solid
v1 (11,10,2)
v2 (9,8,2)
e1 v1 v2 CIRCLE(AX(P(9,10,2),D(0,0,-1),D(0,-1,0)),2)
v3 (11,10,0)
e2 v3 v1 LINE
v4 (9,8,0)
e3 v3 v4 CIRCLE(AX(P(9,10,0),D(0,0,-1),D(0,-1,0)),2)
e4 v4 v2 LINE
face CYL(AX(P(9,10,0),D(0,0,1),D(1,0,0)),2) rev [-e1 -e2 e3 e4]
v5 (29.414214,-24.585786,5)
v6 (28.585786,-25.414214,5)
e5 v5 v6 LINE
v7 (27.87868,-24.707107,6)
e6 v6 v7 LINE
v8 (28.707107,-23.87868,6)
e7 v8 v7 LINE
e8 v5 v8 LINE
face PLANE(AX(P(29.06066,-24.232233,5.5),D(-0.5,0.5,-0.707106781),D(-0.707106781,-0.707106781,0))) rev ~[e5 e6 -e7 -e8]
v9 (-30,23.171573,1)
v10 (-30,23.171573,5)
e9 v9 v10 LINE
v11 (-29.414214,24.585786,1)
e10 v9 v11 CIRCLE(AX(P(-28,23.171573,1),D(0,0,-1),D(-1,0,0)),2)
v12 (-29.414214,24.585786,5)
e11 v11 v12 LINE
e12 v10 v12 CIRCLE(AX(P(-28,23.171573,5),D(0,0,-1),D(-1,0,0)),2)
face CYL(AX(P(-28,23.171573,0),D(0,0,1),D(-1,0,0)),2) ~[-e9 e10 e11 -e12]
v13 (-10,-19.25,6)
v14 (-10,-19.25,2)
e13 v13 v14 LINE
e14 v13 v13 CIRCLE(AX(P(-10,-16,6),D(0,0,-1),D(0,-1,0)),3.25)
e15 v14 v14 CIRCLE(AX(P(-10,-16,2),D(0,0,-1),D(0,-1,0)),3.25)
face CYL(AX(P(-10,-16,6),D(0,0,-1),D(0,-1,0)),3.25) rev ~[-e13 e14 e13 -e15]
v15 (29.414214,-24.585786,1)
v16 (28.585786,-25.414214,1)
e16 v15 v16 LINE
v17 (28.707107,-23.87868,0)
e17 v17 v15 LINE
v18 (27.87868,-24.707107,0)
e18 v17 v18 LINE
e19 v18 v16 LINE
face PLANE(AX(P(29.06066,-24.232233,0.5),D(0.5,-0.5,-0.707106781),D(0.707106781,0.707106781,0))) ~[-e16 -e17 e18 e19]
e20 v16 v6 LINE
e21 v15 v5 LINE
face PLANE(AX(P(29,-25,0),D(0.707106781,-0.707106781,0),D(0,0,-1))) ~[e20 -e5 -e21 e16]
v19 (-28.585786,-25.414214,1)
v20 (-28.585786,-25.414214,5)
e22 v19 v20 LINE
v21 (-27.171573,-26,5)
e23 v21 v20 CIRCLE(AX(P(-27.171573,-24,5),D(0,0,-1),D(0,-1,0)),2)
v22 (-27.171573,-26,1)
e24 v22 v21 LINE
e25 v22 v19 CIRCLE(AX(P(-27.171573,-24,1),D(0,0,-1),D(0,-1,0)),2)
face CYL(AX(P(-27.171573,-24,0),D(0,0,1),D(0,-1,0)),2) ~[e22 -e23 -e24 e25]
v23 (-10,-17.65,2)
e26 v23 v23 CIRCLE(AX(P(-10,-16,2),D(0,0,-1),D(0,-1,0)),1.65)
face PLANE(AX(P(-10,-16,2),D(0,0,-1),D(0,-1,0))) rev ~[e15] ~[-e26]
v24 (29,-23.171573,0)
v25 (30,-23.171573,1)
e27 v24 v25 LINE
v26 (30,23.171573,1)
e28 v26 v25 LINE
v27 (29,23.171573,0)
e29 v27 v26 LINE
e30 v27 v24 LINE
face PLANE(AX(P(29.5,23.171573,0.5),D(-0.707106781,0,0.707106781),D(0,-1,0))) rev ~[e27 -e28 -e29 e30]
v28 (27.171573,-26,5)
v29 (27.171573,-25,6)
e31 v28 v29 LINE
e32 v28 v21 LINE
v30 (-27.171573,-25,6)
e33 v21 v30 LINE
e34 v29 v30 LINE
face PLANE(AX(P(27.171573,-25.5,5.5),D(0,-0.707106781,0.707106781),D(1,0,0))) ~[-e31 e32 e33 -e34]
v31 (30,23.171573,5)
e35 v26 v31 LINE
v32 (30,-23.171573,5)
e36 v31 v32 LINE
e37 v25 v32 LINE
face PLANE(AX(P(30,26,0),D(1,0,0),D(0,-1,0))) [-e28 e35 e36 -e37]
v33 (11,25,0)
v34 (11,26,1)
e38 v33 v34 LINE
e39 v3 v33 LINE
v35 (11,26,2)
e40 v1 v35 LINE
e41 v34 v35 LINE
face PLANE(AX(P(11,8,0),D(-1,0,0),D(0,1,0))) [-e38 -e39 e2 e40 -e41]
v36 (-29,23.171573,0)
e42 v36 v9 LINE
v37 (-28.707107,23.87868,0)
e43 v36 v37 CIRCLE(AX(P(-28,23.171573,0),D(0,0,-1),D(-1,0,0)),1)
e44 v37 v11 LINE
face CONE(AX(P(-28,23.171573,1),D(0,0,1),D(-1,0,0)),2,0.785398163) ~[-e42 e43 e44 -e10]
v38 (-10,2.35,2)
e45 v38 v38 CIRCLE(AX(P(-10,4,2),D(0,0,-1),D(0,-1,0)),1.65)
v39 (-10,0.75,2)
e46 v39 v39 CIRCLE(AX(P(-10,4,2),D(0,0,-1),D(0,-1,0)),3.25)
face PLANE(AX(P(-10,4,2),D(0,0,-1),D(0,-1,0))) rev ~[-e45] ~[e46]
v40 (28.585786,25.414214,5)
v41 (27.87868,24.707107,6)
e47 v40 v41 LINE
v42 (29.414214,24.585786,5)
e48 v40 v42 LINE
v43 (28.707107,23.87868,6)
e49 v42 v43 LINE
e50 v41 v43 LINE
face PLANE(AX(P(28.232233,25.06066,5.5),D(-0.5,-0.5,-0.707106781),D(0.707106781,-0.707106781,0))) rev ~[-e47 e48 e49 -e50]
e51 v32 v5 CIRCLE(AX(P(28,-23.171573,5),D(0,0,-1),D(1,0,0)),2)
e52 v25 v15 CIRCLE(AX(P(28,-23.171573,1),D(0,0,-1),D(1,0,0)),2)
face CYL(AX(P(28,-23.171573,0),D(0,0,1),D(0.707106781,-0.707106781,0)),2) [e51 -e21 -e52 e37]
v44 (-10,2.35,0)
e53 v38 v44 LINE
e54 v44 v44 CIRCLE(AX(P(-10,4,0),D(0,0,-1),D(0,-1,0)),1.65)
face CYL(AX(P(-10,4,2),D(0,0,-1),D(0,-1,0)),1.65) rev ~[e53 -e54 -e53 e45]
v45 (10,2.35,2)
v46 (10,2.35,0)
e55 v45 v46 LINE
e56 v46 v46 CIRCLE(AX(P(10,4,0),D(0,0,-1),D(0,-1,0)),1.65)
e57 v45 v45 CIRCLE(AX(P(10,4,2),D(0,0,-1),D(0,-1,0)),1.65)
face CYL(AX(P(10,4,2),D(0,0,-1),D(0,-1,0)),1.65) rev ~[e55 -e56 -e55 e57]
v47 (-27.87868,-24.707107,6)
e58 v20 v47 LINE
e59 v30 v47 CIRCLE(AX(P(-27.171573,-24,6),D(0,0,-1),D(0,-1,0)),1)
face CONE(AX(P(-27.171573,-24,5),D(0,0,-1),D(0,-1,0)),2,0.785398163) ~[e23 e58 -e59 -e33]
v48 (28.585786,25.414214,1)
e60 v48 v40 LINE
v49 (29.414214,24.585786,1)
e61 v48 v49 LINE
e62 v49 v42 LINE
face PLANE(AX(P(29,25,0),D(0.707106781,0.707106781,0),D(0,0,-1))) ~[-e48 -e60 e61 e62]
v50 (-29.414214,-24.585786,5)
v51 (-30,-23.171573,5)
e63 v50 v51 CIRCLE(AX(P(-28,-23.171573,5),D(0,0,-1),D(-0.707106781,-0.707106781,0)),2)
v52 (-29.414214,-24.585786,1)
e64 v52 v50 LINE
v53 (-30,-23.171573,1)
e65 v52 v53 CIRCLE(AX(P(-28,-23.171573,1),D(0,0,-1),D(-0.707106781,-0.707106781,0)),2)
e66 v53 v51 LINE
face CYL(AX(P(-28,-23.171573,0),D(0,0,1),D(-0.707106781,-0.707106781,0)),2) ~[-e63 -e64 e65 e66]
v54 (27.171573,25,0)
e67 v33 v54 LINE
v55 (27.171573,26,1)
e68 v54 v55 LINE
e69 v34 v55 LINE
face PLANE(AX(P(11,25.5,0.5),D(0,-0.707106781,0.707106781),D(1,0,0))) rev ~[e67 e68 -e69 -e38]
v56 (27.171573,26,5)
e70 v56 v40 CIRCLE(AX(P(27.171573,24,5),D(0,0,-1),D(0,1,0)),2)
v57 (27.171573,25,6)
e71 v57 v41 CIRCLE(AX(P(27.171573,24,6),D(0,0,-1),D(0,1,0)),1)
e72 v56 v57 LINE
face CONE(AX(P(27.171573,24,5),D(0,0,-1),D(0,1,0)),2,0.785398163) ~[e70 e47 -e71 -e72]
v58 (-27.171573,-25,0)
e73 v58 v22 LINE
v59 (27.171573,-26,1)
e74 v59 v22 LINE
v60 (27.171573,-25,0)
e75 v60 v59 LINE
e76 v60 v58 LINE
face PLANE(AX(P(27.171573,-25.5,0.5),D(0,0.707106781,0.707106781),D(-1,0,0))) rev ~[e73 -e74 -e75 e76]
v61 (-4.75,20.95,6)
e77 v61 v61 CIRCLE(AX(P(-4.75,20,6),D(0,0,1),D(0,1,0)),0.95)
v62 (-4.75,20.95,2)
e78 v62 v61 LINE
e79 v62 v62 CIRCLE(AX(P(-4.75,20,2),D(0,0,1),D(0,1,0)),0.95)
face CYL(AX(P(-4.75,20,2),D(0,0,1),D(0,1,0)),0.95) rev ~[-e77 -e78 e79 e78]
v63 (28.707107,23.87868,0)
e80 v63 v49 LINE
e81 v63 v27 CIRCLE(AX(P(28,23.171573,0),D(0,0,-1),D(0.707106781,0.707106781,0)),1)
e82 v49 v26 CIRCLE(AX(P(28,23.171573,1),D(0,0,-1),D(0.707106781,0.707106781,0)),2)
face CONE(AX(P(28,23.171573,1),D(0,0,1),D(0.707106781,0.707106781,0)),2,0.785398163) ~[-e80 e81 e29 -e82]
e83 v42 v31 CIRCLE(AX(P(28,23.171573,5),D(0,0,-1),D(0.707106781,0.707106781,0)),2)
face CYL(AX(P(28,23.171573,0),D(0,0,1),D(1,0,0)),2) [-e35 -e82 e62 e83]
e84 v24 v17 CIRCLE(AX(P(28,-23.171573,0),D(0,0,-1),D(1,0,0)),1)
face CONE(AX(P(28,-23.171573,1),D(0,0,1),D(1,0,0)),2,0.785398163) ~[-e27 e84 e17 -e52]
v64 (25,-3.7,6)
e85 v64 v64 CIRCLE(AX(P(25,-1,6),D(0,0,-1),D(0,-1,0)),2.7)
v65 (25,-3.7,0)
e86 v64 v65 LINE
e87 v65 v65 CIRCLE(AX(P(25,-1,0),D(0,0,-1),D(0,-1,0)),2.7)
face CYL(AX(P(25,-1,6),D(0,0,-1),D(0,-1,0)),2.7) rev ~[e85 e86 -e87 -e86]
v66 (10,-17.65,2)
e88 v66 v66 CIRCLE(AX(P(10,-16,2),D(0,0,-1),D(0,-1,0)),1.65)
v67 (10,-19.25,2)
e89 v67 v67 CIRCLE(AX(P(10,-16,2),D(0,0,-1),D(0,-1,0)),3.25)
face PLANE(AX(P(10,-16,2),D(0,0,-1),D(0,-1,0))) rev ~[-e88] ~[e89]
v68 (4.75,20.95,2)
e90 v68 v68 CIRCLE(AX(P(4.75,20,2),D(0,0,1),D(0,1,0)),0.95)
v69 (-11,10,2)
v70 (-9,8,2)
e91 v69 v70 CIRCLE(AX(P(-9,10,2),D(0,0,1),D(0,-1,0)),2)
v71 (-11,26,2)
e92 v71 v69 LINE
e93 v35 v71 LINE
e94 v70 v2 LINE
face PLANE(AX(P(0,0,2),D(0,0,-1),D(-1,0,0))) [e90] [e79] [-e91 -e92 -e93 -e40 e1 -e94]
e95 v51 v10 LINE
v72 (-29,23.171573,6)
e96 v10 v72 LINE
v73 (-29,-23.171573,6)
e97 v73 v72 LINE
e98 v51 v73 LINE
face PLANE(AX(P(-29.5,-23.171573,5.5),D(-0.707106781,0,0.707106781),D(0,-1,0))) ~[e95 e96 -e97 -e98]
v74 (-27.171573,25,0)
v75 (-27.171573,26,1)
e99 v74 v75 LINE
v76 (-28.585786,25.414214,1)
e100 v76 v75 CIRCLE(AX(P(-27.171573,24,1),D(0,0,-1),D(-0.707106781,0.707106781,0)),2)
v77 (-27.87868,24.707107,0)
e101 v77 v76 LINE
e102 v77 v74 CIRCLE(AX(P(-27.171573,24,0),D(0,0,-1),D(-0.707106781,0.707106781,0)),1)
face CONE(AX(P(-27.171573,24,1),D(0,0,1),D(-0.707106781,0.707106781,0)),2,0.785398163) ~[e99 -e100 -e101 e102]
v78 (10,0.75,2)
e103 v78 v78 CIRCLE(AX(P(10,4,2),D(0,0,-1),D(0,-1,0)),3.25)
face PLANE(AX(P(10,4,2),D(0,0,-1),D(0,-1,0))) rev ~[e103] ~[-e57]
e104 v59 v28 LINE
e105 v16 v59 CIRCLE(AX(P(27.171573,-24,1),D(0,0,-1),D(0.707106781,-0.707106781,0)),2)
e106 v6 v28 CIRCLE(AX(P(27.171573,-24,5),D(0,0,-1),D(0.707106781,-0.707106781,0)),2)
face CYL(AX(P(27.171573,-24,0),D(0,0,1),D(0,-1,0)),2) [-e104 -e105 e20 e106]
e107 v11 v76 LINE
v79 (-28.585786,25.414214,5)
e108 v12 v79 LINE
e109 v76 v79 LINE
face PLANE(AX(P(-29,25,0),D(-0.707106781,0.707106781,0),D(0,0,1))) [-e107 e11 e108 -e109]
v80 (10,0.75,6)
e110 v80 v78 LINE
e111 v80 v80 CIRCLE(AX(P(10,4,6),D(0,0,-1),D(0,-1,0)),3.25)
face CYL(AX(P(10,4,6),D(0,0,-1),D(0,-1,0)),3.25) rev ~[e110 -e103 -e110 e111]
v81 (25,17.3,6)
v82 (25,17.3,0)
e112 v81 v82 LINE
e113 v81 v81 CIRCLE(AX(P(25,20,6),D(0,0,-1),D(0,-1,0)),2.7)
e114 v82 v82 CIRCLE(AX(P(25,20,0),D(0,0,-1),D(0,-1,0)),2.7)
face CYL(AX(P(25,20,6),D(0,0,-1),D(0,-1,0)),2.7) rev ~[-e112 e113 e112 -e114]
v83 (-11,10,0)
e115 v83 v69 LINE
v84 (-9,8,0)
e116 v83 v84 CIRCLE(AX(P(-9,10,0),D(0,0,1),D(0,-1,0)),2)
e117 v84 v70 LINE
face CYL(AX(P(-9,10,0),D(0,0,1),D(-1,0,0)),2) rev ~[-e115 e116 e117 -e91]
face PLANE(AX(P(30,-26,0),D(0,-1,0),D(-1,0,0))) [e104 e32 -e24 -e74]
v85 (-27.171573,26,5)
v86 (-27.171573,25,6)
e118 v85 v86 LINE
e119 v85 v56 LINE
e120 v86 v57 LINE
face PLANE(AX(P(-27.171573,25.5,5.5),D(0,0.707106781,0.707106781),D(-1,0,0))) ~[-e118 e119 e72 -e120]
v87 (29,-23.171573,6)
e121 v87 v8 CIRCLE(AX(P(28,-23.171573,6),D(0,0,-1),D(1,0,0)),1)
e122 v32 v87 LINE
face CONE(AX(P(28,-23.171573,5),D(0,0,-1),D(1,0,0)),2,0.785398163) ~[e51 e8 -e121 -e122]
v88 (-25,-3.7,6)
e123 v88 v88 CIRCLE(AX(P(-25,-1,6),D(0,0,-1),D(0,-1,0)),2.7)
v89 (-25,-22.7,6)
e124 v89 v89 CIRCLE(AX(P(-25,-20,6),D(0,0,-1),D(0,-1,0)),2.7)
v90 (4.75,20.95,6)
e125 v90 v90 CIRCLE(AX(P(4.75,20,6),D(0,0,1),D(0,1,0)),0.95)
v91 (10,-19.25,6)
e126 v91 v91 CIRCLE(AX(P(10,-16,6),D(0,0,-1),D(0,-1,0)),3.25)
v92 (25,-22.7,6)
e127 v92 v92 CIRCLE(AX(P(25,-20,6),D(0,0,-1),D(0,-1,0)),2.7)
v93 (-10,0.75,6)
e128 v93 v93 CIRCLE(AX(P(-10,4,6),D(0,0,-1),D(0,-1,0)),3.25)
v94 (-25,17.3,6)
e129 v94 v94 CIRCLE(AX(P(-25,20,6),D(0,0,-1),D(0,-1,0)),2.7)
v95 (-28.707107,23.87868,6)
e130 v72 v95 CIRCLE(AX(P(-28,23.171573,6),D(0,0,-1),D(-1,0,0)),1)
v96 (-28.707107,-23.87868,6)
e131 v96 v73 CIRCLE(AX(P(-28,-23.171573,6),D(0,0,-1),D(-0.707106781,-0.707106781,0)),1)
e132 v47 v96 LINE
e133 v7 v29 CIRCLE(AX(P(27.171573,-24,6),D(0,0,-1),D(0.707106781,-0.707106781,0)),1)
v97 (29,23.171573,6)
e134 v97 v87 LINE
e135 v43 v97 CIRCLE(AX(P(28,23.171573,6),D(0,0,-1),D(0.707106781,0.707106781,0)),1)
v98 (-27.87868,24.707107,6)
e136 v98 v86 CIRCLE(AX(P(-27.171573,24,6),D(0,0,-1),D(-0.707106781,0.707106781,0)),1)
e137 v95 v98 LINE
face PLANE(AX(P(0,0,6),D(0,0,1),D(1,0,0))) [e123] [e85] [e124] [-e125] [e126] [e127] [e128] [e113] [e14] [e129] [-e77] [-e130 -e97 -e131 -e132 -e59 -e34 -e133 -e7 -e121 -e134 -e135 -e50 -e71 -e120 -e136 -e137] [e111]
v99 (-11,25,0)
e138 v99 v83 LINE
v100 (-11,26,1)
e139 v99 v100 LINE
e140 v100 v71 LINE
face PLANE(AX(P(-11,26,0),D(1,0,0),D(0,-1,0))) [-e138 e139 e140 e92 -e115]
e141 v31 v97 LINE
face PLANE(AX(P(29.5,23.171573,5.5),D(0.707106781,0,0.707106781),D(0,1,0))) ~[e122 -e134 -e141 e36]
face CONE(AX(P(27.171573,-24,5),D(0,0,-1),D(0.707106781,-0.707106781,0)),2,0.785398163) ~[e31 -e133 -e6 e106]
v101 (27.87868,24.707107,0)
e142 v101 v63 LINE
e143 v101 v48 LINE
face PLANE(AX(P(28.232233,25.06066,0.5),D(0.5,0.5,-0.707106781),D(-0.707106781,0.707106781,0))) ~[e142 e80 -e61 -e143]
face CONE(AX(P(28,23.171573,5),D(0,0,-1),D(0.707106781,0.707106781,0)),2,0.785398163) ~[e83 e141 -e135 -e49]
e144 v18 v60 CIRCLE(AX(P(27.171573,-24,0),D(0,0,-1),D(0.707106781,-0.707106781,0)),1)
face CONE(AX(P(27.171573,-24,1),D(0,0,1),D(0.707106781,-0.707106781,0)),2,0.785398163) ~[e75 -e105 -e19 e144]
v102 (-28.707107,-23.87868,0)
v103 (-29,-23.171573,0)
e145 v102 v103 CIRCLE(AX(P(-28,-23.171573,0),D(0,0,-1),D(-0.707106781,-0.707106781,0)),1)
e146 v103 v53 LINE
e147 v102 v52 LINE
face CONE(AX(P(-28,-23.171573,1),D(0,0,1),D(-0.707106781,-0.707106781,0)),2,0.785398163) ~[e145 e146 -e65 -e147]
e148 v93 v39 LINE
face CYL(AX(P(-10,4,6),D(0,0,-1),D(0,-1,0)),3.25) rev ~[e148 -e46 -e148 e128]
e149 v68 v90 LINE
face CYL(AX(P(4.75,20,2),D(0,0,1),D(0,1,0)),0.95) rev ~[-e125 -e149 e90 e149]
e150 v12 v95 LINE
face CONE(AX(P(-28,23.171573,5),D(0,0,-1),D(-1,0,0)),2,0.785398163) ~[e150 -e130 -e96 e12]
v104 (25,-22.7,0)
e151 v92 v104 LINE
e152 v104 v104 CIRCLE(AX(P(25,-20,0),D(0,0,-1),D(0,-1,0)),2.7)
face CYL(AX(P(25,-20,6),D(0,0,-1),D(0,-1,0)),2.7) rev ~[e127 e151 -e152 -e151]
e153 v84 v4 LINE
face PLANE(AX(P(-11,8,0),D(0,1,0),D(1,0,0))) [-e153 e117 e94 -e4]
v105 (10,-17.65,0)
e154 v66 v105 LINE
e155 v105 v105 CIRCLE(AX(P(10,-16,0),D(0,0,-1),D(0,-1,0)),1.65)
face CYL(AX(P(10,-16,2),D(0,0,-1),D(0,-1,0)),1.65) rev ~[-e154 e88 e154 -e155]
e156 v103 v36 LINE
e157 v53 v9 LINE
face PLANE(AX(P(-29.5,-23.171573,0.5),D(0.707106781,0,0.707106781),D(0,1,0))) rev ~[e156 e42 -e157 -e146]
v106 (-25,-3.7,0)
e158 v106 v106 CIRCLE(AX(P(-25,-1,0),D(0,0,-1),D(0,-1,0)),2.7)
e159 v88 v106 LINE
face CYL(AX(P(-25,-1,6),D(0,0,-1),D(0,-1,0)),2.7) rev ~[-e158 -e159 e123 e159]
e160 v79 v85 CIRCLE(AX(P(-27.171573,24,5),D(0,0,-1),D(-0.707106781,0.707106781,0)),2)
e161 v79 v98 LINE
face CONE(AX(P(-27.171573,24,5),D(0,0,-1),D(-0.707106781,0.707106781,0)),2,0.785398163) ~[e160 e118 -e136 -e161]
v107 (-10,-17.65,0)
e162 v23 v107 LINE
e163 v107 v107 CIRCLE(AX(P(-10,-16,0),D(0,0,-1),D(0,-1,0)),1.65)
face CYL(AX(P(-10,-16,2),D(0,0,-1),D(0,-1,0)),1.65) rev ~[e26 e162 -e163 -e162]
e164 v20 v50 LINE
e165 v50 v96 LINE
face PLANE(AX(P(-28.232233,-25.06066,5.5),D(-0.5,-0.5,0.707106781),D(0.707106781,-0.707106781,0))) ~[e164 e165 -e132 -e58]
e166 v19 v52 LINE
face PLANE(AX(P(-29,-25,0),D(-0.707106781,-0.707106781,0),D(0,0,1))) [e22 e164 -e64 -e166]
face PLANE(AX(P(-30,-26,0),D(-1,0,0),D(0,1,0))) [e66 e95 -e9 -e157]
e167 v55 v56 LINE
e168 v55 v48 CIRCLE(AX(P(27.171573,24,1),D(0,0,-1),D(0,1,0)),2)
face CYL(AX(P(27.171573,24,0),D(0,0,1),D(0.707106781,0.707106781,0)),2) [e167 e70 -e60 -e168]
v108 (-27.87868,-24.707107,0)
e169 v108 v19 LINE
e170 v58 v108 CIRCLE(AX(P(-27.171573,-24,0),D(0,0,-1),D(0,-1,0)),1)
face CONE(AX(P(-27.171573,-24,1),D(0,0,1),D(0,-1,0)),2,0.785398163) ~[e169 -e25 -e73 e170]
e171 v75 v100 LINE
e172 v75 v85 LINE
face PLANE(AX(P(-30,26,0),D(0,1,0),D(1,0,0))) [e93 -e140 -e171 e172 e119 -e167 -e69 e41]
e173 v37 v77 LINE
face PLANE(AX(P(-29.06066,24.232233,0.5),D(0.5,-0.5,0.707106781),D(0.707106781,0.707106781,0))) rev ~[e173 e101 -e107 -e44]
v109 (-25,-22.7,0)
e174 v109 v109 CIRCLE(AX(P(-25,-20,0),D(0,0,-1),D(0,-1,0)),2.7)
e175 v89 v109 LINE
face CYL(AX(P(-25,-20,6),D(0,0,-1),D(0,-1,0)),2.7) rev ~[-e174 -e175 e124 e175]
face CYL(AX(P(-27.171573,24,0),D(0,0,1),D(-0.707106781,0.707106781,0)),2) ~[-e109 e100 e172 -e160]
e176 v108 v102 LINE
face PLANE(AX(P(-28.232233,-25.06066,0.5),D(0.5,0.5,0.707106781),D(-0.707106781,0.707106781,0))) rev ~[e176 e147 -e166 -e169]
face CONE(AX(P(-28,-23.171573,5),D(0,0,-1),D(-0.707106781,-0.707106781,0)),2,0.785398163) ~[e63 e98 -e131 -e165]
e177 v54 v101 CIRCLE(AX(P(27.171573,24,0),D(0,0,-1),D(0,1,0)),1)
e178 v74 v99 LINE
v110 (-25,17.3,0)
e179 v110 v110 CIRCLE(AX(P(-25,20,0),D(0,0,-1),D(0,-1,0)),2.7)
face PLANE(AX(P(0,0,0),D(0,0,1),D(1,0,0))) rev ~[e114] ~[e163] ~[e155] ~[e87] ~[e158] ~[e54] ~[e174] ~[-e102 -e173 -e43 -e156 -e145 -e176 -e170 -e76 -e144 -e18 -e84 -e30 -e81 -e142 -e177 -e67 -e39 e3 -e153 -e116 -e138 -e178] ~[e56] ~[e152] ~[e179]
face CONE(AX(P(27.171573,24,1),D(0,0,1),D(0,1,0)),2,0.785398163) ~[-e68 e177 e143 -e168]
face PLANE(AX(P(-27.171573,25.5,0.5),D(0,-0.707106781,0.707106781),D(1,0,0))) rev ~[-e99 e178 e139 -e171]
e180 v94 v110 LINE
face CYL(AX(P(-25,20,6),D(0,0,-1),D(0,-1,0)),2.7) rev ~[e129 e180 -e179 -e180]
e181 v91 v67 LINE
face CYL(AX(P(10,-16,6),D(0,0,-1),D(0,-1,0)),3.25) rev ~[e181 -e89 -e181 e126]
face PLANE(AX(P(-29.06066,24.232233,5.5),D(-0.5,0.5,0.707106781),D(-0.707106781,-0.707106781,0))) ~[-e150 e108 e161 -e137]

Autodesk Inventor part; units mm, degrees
ref_plane "YZ Plane" through (0, 0, 0) normal (1, 0, 0) x (0, 1, 0)
ref_plane "XZ Plane" through (0, 0, 0) normal (0, 1, 0) x (-1, 0, 0)
ref_plane "XY Plane" through (0, 0, 0) normal (0, 0, 1) x (1, 0, 0)
sketch "スケッチ1" plane through (0, 0, 0) normal (0, 0, 1) x (1, 0, 0)
  line L0 (30, -26) -> (-30, -26)
  line L1 (-30, -26) -> (-30, 26)
  line L2 (-30, 26) -> (30, 26)
  line L3 (30, 26) -> (30, -26)
  line L4 (30, -26) -> (-30, 26) construction
  line L5 (-30, -26) -> (30, 26) construction
  point P0 (0, 0)
  dimension "d0" = 60
  dimension "d1" = 52
extrude "押し出し1" add sketch "スケッチ1" along normal blind 6
sketch "スケッチ2" plane through (0, 0, 6) normal (0, 0, 1) x (1, 0, 0)
  line L0 (25, -20) -> (-25, -20)
  line L1 (-25, -20) -> (-25, 20)
  line L2 (-25, 20) -> (25, 20)
  line L3 (25, 20) -> (25, -20)
  line L4 (25, -20) -> (-25, 20) construction
  line L5 (-25, -20) -> (25, 20) construction
  line L6 (-30, -26) -> (30, -26) projected
  point P0 (0, 0)
  point P1 (0, 0)
  point P2 (-25, -1)
  point P3 (25, -1)
  dimension "d4" = 50
  dimension "d5" = 40
  dimension "d6" = 6
hole "穴1" at (-25, -1, 6) at (25, -1, 6) at (25, 20, 6) at (-25, 20, 6) at (-25, -20, 6) at (25, -20, 6) direction (0, 0, -1) diameter 5.4 depth 8.8
sketch "スケッチ3" plane through (0, 0, 6) normal (0, 0, 1) x (1, 0, 0)
  line L0 (-10, -16) -> (10, -16)
  line L1 (10, -16) -> (10, 4)
  line L2 (10, 4) -> (-10, 4)
  line L3 (-10, 4) -> (-10, -16)
  line L4 (-10, -16) -> (10, 4) construction
  line L5 (10, -16) -> (-10, 4) construction
  line L6 (-30, -26) -> (30, -26) projected
  point P0 (0, 0)
  point P1 (0, -6)
  dimension "d14" = 20
  dimension "d15" = 20
  dimension "d16" = 10
hole "穴2" at (-10, -16, 6) at (-10, 4, 6) at (10, 4, 6) at (10, -16, 6) direction (0, 0, -1) diameter 3.3 depth 8.8 counterbore diameter 6.5 counterbore depth 4
sketch "スケッチ4" plane through (0, 0, 0) normal (0, 0, -1) x (-1, 0, 0)
  circle A0 centre (-10, 4) radius 1.65 projected
  circle A1 centre (10, -16) radius 1.65 projected
  circle A2 centre (10, 4) radius 1.65 projected
  circle A3 centre (-10, -16) radius 1.65 projected
  circle A4 centre (25, -20) radius 2.7 projected
  circle A5 centre (-25, 20) radius 2.7 projected
  circle A6 centre (25, -1) radius 2.7 projected
  circle A7 centre (-25, -1) radius 2.7 projected
  circle A8 centre (25, 20) radius 2.7 projected
  circle A9 centre (-25, -20) radius 2.7 projected
  line L0 (-30, -26) -> (-30, 26) projected
  line L1 (30, -26) -> (-30, -26) projected
  line L2 (30, 26) -> (30, -26) projected
  line L3 (-30, 26) -> (30, 26) projected
  line L4 (-30, 26) -> (30, 26) projected
  line L5 (-11, 26) -> (11, 26)
  line L6 (11, 26) -> (11, 8)
  line L7 (11, 8) -> (-11, 8)
  line L8 (-11, 8) -> (-11, 26)
  point P0 (0, 0)
  point P1 (11, 26)
  point P2 (-11, 26)
  dimension "d24" = 22
  dimension "d25" = 18
  dimension "d26" = 11
extrude "押し出し2" cut sketch "スケッチ4" against normal blind 2 contours L3 L6 L7 L8
chamfer "面取り1" distance 2 angle 45 4 edges at (-30, 26, 3) (-30, -26, 3) (30, -26, 3) (30, 26, 3)
fillet "フィレット1" radius 2 8 edges at (30, 24, 3) (28, 26, 3) (-28, 26, 3) (-30, 24, 3) (-30, -24, 3) (-28, -26, 3) (28, -26, 3) (30, -24, 3)
sketch "スケッチ5" plane through (0, 0, 2) normal (0, 0, -1) x (-1, 0, 0)
  line L0 (11, 26) -> (11, 8) projected
  line L1 (-11, 26) -> (11, 26) projected
  line L2 (-11, 8) -> (-11, 26) projected
  line L3 (11, 8) -> (-11, 8) projected
  point P0 (0, 0)
  point P1 (-4.75, 20)
  point P2 (4.75, 20)
  dimension "d33" = 9.5
  dimension "d34" = 4.75
  dimension "d35" = 6
hole "穴3" at (4.75, 20, 2) at (-4.75, 20, 2) direction (0, 0, 1) diameter 1.9 depth 8.8
fillet "フィレット2" radius 2 2 edges at (11, 8, 1) (-11, 8, 1)
chamfer "面取り2" distance 1 angle 45 33 edges at (19.0858, 26, 0) (27.9369, 25.8478, 0) (29, 25, 0) (29.8478, 23.9369, 0) (30, 0, 0) (29.8478, -23.9369, 0) (29, -25, 0) (27.9369, -25.8478, 0) (0, -26, 0) (-27.9369, -25.8478, 0) (-29, -25, 0) (-29.8478, -23.9369, 0) (-30, 0, 0) (-29.8478, 23.9369, 0) (-29, 25, 0) (-27.9369, 25.8478, 0) (-19.0858, 26, 0) (0, 26, 6) (-27.9369, 25.8478, 6) (-29, 25, 6) (-29.8478, 23.9369, 6) (-30, 0, 6) (-29.8478, -23.9369, 6) (-29, -25, 6) (-27.9369, -25.8478, 6) (0, -26, 6) (27.9369, -25.8478, 6) (29, -25, 6) (29.8478, -23.9369, 6) (30, 0, 6) (29.8478, 23.9369, 6) (29, 25, 6) (27.9369, 25.8478, 6)
properties part number "Diode_Laser_Mount"
